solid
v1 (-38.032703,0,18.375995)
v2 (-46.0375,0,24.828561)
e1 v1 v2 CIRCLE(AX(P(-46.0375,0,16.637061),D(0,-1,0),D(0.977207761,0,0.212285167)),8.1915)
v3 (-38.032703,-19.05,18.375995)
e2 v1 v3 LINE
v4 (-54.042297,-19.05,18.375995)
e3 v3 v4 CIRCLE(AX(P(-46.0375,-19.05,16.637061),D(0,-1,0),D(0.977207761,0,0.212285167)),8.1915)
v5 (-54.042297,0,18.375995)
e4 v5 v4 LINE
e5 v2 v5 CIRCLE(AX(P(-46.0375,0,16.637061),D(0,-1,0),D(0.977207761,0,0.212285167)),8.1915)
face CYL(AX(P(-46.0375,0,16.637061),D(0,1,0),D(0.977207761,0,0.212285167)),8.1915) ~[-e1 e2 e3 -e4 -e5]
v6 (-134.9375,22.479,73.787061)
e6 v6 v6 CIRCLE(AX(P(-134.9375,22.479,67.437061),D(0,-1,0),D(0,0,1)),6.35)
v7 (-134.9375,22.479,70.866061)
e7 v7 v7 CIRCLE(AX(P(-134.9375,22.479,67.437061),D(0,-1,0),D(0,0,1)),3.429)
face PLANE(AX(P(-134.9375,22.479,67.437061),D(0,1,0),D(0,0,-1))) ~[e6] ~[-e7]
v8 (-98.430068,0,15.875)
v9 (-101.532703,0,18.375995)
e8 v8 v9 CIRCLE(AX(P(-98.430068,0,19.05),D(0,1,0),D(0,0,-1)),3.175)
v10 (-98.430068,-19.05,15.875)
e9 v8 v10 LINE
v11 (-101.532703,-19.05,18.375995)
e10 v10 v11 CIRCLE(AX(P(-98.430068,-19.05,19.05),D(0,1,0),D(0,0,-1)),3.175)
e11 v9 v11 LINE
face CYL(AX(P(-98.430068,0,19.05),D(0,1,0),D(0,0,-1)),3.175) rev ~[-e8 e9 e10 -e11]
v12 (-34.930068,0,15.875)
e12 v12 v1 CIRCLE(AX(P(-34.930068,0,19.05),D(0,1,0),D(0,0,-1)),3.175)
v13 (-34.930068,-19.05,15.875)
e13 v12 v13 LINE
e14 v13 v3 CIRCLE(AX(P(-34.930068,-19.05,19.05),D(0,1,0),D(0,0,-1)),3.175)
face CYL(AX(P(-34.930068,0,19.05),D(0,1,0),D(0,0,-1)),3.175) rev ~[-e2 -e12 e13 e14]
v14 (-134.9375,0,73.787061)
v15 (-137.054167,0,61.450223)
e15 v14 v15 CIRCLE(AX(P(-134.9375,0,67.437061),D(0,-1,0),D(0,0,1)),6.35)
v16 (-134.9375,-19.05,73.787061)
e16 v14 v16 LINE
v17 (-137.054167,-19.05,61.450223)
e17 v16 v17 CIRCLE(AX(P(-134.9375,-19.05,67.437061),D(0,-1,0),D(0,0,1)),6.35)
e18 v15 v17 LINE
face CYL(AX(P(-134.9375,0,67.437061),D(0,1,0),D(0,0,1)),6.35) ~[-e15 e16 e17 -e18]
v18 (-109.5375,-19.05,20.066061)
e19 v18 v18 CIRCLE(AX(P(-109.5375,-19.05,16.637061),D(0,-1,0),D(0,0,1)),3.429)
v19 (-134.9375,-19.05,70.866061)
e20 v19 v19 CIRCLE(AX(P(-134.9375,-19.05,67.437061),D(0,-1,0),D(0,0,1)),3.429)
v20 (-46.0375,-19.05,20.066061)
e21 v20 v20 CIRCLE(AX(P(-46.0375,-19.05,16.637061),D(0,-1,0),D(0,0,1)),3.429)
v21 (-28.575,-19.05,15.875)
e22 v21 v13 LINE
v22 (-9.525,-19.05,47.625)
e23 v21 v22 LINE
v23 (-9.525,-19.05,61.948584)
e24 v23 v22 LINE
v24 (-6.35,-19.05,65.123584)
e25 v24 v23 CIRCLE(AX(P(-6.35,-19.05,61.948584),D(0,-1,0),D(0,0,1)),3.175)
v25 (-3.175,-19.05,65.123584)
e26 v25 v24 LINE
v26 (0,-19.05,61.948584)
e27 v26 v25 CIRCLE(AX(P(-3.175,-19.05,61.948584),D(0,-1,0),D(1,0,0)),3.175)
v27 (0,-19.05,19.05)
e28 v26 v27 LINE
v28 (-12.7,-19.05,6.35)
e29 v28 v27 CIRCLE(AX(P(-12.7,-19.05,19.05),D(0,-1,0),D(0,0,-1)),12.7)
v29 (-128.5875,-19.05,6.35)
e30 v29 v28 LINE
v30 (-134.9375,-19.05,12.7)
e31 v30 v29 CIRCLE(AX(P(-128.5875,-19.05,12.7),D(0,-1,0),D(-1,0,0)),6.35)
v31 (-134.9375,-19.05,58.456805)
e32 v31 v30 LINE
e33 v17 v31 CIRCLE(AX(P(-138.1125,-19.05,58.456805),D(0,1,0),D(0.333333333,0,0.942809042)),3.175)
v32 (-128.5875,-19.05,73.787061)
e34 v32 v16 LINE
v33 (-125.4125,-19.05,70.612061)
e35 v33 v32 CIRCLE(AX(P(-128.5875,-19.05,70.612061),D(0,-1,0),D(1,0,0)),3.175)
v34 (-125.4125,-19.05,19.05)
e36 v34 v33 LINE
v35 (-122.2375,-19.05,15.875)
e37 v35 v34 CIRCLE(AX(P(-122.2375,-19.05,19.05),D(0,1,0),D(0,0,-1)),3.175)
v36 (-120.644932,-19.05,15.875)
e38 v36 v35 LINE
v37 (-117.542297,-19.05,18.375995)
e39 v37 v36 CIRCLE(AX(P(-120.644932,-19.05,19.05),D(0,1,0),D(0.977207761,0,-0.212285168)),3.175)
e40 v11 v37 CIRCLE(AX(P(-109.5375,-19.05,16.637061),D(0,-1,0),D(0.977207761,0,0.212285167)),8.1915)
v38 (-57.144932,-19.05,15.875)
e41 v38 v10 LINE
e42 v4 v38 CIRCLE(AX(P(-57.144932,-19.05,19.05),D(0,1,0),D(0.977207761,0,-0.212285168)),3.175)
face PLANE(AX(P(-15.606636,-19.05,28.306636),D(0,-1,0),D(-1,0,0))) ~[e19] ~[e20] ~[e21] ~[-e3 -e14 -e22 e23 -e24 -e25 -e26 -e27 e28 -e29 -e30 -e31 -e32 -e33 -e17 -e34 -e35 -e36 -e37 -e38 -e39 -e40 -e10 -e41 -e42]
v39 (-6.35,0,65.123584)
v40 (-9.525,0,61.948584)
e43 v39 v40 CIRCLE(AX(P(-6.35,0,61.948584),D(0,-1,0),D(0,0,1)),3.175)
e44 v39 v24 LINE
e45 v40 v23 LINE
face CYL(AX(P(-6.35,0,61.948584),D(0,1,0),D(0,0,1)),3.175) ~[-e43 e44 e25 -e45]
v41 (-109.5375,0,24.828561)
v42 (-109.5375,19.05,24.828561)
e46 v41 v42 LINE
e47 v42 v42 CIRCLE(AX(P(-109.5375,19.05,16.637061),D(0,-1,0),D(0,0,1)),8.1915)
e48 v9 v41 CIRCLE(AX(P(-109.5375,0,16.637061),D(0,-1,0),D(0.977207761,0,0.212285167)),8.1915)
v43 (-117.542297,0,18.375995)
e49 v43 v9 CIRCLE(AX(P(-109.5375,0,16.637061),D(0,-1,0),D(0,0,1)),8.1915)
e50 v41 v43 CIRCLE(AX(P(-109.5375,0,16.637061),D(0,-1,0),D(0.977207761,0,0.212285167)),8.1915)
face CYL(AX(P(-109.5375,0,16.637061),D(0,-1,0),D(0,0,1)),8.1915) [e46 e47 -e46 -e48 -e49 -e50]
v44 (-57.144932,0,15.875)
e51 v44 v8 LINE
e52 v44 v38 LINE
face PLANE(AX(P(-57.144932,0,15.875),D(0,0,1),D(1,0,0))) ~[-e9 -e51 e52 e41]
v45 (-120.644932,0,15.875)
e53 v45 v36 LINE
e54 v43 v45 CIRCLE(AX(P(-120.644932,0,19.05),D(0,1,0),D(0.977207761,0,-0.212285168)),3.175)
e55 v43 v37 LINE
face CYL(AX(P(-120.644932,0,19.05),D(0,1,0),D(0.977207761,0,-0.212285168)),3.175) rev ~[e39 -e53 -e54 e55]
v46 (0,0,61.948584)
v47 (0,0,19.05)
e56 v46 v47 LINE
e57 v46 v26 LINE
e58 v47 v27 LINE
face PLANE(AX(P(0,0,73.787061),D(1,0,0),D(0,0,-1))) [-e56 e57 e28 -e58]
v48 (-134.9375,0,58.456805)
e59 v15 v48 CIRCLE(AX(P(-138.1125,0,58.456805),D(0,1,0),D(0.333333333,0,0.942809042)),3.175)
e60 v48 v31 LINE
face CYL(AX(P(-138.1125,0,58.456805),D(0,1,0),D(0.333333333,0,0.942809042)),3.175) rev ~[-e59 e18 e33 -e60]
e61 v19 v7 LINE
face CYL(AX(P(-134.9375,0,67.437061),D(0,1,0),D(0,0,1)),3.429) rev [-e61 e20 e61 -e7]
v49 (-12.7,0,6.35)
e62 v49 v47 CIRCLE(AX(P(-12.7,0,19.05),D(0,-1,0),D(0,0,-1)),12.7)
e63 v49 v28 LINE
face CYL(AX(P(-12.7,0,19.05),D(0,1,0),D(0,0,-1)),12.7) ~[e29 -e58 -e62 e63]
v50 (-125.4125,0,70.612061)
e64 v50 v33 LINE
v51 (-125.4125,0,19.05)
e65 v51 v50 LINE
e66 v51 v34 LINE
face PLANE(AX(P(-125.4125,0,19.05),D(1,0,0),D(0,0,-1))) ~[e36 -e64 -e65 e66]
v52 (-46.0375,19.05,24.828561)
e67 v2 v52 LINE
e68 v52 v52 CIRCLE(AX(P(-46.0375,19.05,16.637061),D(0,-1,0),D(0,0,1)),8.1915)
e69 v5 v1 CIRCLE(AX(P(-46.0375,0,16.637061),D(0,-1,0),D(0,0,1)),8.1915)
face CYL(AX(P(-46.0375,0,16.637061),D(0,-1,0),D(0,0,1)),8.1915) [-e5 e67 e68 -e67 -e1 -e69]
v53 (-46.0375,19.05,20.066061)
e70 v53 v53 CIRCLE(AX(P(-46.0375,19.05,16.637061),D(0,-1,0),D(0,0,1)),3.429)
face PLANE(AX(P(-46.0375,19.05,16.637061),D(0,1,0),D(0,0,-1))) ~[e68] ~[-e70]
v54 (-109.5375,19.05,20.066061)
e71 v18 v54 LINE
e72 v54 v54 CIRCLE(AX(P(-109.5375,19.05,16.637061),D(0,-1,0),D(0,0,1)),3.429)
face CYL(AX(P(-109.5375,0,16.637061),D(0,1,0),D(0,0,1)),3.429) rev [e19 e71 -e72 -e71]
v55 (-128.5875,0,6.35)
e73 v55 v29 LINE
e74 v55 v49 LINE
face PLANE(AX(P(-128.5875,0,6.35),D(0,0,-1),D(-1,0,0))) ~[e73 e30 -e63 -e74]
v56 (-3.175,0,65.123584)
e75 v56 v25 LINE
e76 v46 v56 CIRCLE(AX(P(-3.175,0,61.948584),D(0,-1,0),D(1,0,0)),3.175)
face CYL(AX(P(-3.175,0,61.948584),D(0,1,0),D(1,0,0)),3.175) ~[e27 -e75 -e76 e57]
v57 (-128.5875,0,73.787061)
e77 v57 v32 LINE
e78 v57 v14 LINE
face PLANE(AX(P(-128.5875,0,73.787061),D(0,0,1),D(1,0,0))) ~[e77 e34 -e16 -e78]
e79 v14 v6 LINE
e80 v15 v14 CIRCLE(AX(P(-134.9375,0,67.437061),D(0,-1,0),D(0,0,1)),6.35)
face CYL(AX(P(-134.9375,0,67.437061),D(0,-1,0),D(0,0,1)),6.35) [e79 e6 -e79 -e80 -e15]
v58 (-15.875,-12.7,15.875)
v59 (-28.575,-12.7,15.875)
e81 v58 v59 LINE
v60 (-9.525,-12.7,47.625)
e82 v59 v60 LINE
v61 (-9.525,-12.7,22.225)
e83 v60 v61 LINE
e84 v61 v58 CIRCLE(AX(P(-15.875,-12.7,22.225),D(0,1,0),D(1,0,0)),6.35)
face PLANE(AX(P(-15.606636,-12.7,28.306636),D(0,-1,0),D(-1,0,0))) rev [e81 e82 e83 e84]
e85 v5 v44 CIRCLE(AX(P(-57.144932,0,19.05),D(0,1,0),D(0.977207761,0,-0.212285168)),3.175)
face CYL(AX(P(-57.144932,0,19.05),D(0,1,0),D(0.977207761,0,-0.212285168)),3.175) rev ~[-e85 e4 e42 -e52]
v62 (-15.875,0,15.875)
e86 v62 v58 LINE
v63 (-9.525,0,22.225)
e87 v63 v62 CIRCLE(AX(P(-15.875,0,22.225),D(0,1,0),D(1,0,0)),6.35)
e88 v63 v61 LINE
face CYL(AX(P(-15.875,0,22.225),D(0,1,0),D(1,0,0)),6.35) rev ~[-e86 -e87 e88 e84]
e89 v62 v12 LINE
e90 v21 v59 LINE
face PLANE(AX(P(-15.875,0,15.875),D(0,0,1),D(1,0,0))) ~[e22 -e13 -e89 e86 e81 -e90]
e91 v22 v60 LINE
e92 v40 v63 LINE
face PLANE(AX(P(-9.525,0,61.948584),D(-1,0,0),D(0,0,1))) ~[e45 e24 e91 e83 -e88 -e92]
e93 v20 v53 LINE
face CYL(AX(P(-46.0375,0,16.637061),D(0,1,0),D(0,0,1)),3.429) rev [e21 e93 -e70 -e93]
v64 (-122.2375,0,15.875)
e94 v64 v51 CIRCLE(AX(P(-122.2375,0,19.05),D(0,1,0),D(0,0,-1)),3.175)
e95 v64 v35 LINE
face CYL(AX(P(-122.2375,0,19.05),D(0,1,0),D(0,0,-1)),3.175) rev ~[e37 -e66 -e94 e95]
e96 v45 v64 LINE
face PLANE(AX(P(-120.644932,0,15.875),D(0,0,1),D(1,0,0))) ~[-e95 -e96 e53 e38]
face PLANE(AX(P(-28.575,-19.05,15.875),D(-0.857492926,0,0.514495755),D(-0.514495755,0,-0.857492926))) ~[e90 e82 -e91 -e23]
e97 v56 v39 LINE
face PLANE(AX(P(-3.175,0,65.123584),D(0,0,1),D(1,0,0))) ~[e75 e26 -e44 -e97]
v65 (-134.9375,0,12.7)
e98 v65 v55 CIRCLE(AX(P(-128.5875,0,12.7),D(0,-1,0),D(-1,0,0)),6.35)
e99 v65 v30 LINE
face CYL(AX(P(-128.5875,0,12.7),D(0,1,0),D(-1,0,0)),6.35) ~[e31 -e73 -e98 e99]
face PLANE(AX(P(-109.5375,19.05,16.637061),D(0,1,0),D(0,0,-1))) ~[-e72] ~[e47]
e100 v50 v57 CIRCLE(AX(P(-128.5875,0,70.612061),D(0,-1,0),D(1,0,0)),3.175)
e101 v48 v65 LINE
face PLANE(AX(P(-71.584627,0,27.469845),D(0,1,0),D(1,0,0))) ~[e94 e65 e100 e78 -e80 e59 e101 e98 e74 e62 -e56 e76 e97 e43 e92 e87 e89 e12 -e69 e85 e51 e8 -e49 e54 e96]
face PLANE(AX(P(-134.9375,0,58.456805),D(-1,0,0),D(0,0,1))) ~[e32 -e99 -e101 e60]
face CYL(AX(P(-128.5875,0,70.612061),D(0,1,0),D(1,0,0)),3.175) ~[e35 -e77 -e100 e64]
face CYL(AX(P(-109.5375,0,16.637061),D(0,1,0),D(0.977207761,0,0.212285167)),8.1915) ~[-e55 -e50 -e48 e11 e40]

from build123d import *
from build123d.topology import SkipClean

# Parameters (mm, degrees)
SKETCH2_R                      = 3.429
BOSS_EXTRUDE1_DEPTH            = 19.05
SKETCH3_R                      = 8.1915
SKETCH3_R_2                    = 3.429
SKETCH3_R_3                    = 6.35
BOSS_EXTRUDE2_DEPTH            = 19.05
SKETCH4_R                      = 6.35
SKETCH4_R_2                    = 3.429
BOSS_EXTRUDE5_DEPTH            = 3.429
BOSS_EXTRUDE6_START            = -19.05
BOSS_EXTRUDE6_DEPTH            = 6.35
CUT_EXTRUDE2_REACH             = 162.972
SKETCH7_W                      = 141.2875
SKETCH7_H                      = 67.437060646
CUT_EXTRUDE2_DIRECTION_2_REACH = 162.972


with BuildPart() as part:
    # Sketch2 → Boss-Extrude1 (new body)
    with BuildSketch(Plane(origin=(0, 0, 0), x_dir=(1, 0, 0), z_dir=(0, 1, 0))):
        with BuildLine():
            Line((57.144932013, -15.875), (98.430067987, -15.875))
            ThreePointArc((98.430067987, -15.875), (100.422636409, -16.578098691), (101.532702627, -18.375994594))
            ThreePointArc((101.532702627, -18.375994594), (109.5375, -24.828560646), (117.542297372, -18.375994594))
            ThreePointArc((117.542297372, -18.375994594), (118.652363591, -16.578098691), (120.644932013, -15.875))
            Line((120.644932013, -15.875), (122.2375, -15.875))
            ThreePointArc((122.2375, -15.875), (124.48256403, -16.80493597), (125.4125, -19.05))
            Line((125.4125, -19.05), (125.4125, -70.612060646))
            ThreePointArc((125.4125, -70.612060646), (126.34243597, -72.857124676), (128.5875, -73.787060646))
            Line((128.5875, -73.787060646), (134.9375, -73.787060646))
            ThreePointArc((134.9375, -73.787060646), (141.196050854, -68.510858211), (137.054166667, -61.450223232))
            ThreePointArc((137.054166667, -61.450223232), (135.520123355, -60.28989163), (134.9375, -58.456804525))
            Line((134.9375, -58.456804525), (134.9375, -12.7))
            ThreePointArc((134.9375, -12.7), (133.07762806, -8.209871939), (128.5875, -6.35))
            Line((128.5875, -6.35), (12.7, -6.35))
            ThreePointArc((12.7, -6.35), (3.719743879, -10.069743879), (0, -19.05))
            Line((0, -19.05), (0, -61.948583794))
            ThreePointArc((0, -61.948583794), (0.92993597, -64.193647824), (3.175, -65.123583794))
            Line((3.175, -65.123583794), (6.35, -65.123583794))
            ThreePointArc((6.35, -65.123583794), (8.59506403, -64.193647824), (9.525, -61.948583794))
            Line((9.525, -61.948583794), (9.525, -22.225))
            ThreePointArc((9.525, -22.225), (11.384871939, -17.734871939), (15.875, -15.875))
            Line((15.875, -15.875), (34.930067987, -15.875))
            ThreePointArc((34.930067987, -15.875), (36.922636409, -16.578098691), (38.032702627, -18.375994594))
            ThreePointArc((38.032702627, -18.375994594), (46.0375, -24.828560646), (54.042297372, -18.375994594))
            ThreePointArc((54.042297372, -18.375994594), (55.152363591, -16.578098691), (57.144932013, -15.875))
        make_face()
        with Locations(Location((46.0375, -16.637060646, 0), (0, 0, 270))):
            Circle(SKETCH2_R, mode=Mode.SUBTRACT)
        with Locations(Location((109.5375, -16.637060646, 0), (0, 0, 270))):
            Circle(SKETCH2_R, mode=Mode.SUBTRACT)
        with Locations(Location((134.9375, -67.437060646, 0), (0, 0, 270))):
            Circle(SKETCH2_R, mode=Mode.SUBTRACT)
    boss_extrude1 = extrude(amount=-BOSS_EXTRUDE1_DEPTH)

    # Sketch3 → Boss-Extrude2 (add)
    with BuildSketch(Plane(origin=(0, 0, 0), x_dir=(1, 0, 0), z_dir=(0, 1, 0))):
        with Locations(Location((46.0375, -16.637060646, 0), (0, 0, 270))):
            Circle(SKETCH3_R)
        with Locations(Location((46.0375, -16.637060646, 0), (0, 0, 270))):
            Circle(SKETCH3_R_2, mode=Mode.SUBTRACT)
        with Locations(Location((109.5375, -16.637060646, 0), (0, 0, 270))):
            Circle(SKETCH3_R)
        with Locations(Location((109.5375, -16.637060646, 0), (0, 0, 270))):
            Circle(SKETCH3_R_2, mode=Mode.SUBTRACT)
        with Locations(Location((134.9375, -67.437060646, 0), (0, 0, 270))):
            Circle(SKETCH3_R_3)
        with Locations(Location((134.9375, -67.437060646, 0), (0, 0, 270))):
            Circle(SKETCH3_R_2, mode=Mode.SUBTRACT)
    boss_extrude2 = extrude(amount=BOSS_EXTRUDE2_DEPTH)

    # Sketch4 → Boss-Extrude5 (add)
    with BuildSketch(Plane(origin=(0, 19.05, 0), x_dir=(1, 0, 0), z_dir=(0, 1, 0))):
        with Locations(Location((134.9375, -67.437060646, 0), (0, 0, 270))):
            Circle(SKETCH4_R)
        with Locations(Location((134.9375, -67.437060646, 0), (0, 0, 270))):
            Circle(SKETCH4_R_2, mode=Mode.SUBTRACT)
    boss_extrude5 = extrude(amount=BOSS_EXTRUDE5_DEPTH)

    # Sketch6 → Boss-Extrude6 (add)
    with BuildSketch(Plane(origin=(0, 0, 0), x_dir=(1, 0, 0), z_dir=(0, 1, 0)).offset(BOSS_EXTRUDE6_START)):
        Polygon((28.575, -15.875), (9.525, -47.625), (9.525, -15.875), align=None)
    boss_extrude6 = extrude(amount=BOSS_EXTRUDE6_DEPTH)

    # Mirror4: Boss-Extrude1, Boss-Extrude2, Boss-Extrude5, Boss-Extrude6 across plane
    with SkipClean():  # the faces are left unmerged after this step: merging them gives an invalid solid
        add(boss_extrude1.mirror(Plane(origin=(0, -19.05, 19.05), x_dir=(0, 0, 1), z_dir=(-1, 0, 0))))
        add(boss_extrude2.mirror(Plane(origin=(0, -19.05, 19.05), x_dir=(0, 0, 1), z_dir=(-1, 0, 0))))
        add(boss_extrude5.mirror(Plane(origin=(0, -19.05, 19.05), x_dir=(0, 0, 1), z_dir=(-1, 0, 0))))
        add(boss_extrude6.mirror(Plane(origin=(0, -19.05, 19.05), x_dir=(0, 0, 1), z_dir=(-1, 0, 0))))

    # Cut-Extrude2: up to this face of the body (flat: up to its plane)
    cut_extrude2_end = Plane(part.part.faces().sort_by_distance((134.9375, 22.479, 61.266665768))[0])
    # Sketch7 → Cut-Extrude2 (cut, up to the picked face)
    with BuildSketch(Plane(origin=(0, 0, 0), x_dir=(1, 0, 0), z_dir=(0, 1, 0)), mode=Mode.PRIVATE) as cut_extrude2_sk1:
        with Locations((70.64375, -40.068530323)):
            Rectangle(SKETCH7_W, SKETCH7_H)
    cut_extrude2_tool1 = split(extrude(cut_extrude2_sk1.sketch, amount=CUT_EXTRUDE2_REACH, mode=Mode.PRIVATE), bisect_by=cut_extrude2_end, keep=Keep.BOTH, mode=Mode.PRIVATE)
    add(cut_extrude2_tool1.solids().sort_by(Axis((70.64375, 0, 40.06853), (0, 1, 0)))[0], mode=Mode.SUBTRACT)

    # Cut-Extrude2 direction 2: up to this face of the body (flat: up to its plane)
    cut_extrude2_direction_2_end = Plane(part.part.faces().sort_by_distance((0.921292425, -19.05, 25.561080077))[0])
    # Sketch7 → Cut-Extrude2 direction 2 (cut, up to the picked face)
    with BuildSketch(Plane(origin=(0, 0, 0), x_dir=(1, 0, 0), z_dir=(0, 1, 0)), mode=Mode.PRIVATE) as cut_extrude2_direction_2_sk1:
        with Locations((70.64375, -40.068530323)):
            Rectangle(SKETCH7_W, SKETCH7_H)
    cut_extrude2_direction_2_tool1 = split(extrude(cut_extrude2_direction_2_sk1.sketch, amount=-CUT_EXTRUDE2_DIRECTION_2_REACH, mode=Mode.PRIVATE), bisect_by=cut_extrude2_direction_2_end, keep=Keep.BOTH, mode=Mode.PRIVATE)
    add(cut_extrude2_direction_2_tool1.solids().sort_by(Axis((70.64375, 0, 40.06853), (0, -1, 0)))[0], mode=Mode.SUBTRACT)


solid = part.part
